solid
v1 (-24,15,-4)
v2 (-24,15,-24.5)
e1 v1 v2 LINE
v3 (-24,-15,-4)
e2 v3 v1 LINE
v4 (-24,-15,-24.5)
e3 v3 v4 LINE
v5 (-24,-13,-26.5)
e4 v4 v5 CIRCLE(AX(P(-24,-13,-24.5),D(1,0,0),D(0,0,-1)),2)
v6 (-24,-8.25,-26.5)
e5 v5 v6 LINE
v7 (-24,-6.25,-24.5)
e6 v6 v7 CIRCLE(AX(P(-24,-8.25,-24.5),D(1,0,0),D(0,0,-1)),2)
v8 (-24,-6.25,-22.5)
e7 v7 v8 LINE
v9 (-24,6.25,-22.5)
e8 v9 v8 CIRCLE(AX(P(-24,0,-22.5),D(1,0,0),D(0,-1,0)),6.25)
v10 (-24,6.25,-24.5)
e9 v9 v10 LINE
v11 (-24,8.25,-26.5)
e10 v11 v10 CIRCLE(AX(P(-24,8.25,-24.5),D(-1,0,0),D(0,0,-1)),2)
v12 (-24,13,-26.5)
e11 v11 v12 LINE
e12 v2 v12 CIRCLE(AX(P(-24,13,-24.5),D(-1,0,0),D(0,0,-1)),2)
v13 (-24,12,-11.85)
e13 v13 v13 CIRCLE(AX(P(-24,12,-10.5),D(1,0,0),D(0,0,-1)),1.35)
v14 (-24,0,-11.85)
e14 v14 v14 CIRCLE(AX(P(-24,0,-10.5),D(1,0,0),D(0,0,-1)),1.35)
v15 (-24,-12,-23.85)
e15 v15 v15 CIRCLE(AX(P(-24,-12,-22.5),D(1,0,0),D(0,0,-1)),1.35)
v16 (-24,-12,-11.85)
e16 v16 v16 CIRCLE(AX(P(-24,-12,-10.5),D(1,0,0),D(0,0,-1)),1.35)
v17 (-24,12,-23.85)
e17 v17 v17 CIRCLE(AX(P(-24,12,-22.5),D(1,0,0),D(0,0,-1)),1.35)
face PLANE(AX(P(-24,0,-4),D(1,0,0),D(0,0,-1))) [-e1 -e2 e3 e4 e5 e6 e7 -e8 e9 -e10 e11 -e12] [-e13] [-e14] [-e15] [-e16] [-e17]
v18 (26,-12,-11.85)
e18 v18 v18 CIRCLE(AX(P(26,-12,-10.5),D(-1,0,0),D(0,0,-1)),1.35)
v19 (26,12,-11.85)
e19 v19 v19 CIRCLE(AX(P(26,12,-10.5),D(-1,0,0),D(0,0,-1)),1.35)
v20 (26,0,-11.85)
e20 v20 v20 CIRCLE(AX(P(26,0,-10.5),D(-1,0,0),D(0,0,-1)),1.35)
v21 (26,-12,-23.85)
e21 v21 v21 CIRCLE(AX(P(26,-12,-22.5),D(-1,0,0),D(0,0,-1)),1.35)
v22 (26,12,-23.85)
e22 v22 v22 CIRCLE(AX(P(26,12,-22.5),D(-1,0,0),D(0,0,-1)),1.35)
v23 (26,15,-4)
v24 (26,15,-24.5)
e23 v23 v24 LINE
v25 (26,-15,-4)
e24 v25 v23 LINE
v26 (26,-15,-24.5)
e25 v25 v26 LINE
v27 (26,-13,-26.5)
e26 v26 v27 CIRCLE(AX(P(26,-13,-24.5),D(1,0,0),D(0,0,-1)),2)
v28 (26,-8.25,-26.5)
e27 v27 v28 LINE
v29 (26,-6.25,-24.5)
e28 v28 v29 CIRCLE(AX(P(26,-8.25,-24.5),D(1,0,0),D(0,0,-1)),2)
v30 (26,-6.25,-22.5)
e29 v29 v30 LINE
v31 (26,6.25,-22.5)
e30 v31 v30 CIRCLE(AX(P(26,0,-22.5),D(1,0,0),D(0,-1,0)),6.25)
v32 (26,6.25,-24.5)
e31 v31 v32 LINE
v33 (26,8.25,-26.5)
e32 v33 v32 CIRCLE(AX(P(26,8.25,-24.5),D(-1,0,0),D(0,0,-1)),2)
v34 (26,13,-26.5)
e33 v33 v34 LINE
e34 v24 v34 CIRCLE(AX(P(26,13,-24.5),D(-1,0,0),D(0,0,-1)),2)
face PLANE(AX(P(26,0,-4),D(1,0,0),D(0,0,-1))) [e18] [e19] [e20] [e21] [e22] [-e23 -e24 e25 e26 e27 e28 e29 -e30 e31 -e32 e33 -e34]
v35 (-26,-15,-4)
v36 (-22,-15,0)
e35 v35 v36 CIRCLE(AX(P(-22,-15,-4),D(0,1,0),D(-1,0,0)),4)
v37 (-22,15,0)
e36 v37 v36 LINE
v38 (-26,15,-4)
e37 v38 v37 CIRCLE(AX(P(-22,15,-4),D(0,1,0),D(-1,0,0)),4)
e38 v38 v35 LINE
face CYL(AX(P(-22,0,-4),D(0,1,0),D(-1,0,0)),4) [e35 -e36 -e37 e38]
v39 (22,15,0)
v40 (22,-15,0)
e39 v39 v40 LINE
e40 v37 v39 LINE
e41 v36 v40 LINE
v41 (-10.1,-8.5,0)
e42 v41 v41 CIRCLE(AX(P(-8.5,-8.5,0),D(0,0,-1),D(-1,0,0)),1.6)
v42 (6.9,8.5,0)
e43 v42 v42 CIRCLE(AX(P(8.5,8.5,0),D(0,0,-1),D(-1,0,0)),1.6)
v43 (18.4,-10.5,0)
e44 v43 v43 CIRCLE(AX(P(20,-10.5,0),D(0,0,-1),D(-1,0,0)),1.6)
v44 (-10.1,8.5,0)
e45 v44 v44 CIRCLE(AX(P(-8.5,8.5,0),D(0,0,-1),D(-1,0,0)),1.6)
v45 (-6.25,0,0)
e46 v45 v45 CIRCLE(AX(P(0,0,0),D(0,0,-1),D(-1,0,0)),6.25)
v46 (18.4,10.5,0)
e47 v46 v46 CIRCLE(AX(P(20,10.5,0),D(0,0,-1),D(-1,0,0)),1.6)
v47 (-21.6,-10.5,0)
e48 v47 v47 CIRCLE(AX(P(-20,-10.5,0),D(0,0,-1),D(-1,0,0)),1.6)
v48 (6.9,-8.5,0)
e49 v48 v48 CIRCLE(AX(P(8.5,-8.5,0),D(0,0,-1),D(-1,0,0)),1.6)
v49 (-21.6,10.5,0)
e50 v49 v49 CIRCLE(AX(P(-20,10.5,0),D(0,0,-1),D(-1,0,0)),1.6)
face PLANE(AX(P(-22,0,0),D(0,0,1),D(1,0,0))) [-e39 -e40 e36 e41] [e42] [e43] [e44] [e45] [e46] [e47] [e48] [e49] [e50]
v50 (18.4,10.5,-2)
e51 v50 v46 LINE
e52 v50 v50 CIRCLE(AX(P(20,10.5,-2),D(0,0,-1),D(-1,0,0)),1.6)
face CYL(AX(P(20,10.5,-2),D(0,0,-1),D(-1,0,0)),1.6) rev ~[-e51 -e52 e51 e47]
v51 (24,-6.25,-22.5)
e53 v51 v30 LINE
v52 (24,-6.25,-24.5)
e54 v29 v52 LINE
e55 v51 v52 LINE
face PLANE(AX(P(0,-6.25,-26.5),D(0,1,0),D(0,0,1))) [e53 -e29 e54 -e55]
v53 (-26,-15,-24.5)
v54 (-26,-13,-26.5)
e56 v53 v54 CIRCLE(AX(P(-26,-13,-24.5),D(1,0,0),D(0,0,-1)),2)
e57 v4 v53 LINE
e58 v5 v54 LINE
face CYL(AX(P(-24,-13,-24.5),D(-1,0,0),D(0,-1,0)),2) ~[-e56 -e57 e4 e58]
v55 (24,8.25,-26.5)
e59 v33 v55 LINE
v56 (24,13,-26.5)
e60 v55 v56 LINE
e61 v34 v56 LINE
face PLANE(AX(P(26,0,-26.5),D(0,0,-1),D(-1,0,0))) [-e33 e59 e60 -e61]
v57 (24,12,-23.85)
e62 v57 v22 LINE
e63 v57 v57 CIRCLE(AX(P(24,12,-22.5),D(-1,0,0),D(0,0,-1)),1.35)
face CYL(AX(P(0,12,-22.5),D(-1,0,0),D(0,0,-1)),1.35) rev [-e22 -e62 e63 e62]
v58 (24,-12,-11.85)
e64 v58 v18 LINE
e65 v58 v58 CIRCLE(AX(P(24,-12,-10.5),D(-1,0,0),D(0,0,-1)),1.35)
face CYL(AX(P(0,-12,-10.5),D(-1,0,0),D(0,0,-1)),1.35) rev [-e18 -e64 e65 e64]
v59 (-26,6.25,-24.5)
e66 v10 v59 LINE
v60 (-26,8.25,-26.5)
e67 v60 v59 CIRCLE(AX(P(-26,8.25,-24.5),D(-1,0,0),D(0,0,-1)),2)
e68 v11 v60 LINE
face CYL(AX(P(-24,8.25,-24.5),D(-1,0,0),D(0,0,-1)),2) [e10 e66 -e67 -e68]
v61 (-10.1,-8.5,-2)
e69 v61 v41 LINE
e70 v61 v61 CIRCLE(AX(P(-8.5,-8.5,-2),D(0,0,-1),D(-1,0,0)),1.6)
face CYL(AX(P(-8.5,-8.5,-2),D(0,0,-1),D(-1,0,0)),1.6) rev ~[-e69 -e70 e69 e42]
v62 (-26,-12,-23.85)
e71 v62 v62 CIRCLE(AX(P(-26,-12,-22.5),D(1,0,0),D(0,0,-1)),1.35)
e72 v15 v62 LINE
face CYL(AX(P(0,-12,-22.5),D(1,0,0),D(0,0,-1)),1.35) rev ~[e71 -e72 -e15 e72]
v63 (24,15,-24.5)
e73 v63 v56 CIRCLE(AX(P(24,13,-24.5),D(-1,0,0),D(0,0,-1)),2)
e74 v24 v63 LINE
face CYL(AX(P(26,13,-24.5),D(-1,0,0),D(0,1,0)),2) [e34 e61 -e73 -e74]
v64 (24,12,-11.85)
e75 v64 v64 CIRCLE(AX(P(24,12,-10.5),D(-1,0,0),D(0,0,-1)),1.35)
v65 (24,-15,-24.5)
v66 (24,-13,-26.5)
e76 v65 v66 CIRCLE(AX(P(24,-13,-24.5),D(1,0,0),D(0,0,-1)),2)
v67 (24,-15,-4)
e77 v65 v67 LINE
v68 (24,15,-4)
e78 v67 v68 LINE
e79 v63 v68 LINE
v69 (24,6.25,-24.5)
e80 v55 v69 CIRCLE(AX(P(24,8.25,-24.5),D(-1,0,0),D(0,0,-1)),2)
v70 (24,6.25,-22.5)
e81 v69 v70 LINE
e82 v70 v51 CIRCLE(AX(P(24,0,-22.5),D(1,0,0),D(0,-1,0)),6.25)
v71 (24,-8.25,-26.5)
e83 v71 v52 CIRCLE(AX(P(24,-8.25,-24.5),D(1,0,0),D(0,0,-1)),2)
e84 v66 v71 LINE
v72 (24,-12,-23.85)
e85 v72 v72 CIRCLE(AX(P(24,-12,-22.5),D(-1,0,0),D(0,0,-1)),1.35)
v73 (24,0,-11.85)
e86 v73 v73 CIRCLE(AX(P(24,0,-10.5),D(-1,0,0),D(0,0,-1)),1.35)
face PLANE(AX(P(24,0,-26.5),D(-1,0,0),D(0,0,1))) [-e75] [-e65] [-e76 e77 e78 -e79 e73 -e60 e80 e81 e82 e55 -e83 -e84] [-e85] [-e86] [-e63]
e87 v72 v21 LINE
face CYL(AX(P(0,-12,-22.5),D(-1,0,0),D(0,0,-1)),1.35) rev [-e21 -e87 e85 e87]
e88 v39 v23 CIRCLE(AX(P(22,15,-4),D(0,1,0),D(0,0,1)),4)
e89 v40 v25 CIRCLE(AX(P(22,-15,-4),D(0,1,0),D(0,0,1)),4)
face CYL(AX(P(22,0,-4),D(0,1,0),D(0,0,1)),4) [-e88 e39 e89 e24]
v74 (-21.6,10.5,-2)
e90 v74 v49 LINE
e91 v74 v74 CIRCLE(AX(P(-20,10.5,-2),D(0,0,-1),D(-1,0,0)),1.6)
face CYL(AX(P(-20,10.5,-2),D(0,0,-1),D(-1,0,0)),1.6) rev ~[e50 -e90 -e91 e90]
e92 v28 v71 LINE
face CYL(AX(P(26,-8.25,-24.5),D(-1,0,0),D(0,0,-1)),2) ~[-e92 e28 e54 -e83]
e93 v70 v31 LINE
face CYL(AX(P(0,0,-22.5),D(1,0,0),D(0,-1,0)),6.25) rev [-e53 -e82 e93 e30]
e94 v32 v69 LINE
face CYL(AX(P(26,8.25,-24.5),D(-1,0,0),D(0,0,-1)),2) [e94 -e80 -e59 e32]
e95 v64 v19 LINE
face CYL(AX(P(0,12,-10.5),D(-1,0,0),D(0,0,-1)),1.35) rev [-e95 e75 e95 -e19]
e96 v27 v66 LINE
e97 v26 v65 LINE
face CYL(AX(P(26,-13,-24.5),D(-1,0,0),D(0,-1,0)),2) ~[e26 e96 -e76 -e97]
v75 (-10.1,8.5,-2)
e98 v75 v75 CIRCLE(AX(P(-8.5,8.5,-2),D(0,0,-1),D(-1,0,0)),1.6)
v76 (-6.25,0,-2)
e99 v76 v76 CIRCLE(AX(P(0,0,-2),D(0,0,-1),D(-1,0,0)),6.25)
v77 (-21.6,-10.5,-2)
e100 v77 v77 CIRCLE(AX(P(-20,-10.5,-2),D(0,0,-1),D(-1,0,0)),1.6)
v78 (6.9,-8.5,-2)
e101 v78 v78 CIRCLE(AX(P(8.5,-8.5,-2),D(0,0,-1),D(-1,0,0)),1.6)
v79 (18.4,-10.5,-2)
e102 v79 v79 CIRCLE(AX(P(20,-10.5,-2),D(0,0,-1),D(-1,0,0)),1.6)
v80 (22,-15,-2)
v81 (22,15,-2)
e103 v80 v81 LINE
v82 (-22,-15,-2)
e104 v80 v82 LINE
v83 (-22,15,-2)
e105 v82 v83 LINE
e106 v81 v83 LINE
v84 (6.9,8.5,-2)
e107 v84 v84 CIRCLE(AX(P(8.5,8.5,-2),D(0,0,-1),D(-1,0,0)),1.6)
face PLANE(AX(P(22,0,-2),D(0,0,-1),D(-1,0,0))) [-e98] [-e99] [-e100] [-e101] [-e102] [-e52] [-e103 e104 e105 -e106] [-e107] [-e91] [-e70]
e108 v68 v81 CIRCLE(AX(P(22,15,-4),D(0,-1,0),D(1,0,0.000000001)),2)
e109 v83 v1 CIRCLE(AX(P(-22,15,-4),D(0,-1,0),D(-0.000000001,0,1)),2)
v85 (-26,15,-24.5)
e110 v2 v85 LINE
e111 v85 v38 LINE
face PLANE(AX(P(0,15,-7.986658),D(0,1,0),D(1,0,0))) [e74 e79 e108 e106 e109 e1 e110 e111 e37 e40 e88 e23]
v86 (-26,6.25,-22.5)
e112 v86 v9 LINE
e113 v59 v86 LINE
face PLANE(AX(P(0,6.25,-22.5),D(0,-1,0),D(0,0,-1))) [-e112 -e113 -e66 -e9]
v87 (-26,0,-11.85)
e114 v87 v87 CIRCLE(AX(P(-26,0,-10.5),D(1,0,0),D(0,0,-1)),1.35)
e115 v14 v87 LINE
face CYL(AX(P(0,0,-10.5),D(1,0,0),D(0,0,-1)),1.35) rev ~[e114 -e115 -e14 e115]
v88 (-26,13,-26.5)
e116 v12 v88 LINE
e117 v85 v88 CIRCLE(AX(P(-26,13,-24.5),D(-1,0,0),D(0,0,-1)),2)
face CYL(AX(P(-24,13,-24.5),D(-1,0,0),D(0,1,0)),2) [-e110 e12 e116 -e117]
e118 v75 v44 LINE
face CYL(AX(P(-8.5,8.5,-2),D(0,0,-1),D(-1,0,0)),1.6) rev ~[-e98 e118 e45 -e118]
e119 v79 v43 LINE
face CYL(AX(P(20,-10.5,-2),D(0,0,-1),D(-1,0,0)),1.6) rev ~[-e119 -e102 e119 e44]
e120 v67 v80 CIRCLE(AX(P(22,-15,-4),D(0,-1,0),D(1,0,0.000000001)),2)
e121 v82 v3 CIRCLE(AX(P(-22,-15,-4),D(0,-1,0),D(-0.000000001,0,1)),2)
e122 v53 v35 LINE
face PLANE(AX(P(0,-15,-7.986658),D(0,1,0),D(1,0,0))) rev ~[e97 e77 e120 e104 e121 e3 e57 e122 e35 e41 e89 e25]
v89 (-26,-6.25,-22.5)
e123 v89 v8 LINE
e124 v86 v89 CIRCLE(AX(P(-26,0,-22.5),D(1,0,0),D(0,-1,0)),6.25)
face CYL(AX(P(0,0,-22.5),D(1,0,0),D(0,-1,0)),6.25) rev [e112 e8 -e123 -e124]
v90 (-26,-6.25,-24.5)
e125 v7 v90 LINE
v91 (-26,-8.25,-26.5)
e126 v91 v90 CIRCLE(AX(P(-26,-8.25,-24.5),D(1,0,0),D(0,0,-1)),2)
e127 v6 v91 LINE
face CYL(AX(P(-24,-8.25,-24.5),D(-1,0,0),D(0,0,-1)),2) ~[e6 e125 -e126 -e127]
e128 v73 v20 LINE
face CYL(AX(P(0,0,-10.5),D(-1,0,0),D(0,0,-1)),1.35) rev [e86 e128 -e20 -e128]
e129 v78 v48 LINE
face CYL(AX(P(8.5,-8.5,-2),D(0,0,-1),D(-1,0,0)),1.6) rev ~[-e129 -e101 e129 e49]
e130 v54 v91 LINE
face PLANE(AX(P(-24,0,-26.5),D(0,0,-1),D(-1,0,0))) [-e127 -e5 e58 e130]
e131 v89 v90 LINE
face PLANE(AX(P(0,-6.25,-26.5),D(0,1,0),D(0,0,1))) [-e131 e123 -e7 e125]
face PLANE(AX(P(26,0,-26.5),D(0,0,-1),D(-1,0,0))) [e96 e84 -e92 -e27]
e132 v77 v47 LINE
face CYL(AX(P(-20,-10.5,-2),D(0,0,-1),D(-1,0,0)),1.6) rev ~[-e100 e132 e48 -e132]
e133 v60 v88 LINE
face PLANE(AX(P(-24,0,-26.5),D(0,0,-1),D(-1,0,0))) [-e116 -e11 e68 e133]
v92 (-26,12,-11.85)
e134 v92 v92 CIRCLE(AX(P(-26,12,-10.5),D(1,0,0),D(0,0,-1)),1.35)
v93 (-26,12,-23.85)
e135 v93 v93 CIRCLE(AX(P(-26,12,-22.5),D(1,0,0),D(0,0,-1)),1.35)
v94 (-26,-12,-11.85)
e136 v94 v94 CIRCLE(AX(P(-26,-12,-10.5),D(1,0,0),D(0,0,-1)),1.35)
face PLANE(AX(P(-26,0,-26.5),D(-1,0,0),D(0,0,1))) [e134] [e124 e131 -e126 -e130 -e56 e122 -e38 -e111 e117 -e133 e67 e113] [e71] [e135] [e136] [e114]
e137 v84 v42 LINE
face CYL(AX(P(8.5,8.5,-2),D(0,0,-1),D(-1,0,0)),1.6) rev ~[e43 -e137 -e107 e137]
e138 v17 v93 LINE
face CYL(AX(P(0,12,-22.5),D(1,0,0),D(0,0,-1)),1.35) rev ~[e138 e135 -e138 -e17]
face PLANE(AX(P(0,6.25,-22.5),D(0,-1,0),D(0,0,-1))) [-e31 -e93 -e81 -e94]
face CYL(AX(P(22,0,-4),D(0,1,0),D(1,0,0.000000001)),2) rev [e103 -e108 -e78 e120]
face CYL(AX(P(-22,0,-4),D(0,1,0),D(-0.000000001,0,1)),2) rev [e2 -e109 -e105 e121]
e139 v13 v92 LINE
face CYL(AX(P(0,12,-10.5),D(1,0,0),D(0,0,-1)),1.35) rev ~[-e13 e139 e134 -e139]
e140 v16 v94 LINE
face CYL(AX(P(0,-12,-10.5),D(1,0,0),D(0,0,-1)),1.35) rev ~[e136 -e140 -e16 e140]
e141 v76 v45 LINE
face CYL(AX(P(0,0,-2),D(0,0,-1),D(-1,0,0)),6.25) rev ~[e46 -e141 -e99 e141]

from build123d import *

# Parameters (mm, degrees)
EXTRUDE_1_DEPTH     = 15
SKETCH_2_R          = 1.6
SKETCH_2_R_2        = 6.25
CUT_EXTRUDE_1_DEPTH = 2
SKETCH_3_R          = 1.35
CUT_EXTRUDE_2_DEPTH = 31.5
FILLET_1_R          = 2


with BuildPart() as part:
    # 草图1 → 凸台-拉伸1 (new, symmetric)
    with BuildSketch(Plane(origin=(0, 0, 0), x_dir=(1, 0, 0), z_dir=(0, 1, 0))):
        with BuildLine():
            Line((0, 0), (22, 0))
            ThreePointArc((22, 0), (24.828427125, 1.171572875), (26, 4))
            Line((26, 4), (26, 26.5))
            Line((26, 26.5), (24, 26.5))
            Line((24, 26.5), (24, 4))
            ThreePointArc((24, 4), (23.414213562, 2.585786438), (22, 2))
            Line((22, 2), (0, 2))
            Line((0, 2), (-22, 2))
            ThreePointArc((-22, 2), (-23.414213562, 2.585786438), (-24, 4))
            Line((-24, 4), (-24, 26.5))
            Line((-24, 26.5), (-26, 26.5))
            Line((-26, 26.5), (-26, 4))
            ThreePointArc((-26, 4), (-24.828427125, 1.171572875), (-22, 0))
            Line((-22, 0), (0, 0))
        make_face()
    extrude(amount=EXTRUDE_1_DEPTH, both=True)

    # 草图2 → 切除-拉伸1 (cut)
    with BuildSketch(Plane(origin=(0, 0, -2), x_dir=(-1, 0, 0), z_dir=(0, 0, -1))):
        with Locations((20, 10.5)):
            Circle(SKETCH_2_R)
        with Locations((8.5, 8.5)):
            Circle(SKETCH_2_R)
        with Locations((-8.5, 8.5)):
            Circle(SKETCH_2_R)
        with Locations((-20, 10.5)):
            Circle(SKETCH_2_R)
        with Locations((-20, -10.5)):
            Circle(SKETCH_2_R)
        with Locations((8.5, -8.5)):
            Circle(SKETCH_2_R)
        with Locations((-8.5, -8.5)):
            Circle(SKETCH_2_R)
        with Locations((20, -10.5)):
            Circle(SKETCH_2_R)
        Circle(SKETCH_2_R_2)
    extrude(amount=-CUT_EXTRUDE_1_DEPTH, mode=Mode.SUBTRACT)

    # 草图3 → 切除-拉伸2 (cut, symmetric)
    with BuildSketch(Plane(origin=(0, 0, 0), x_dir=(0, 0, -1), z_dir=(1, 0, 0))):
        with Locations((10.5, 12)):
            Circle(SKETCH_3_R)
        with Locations((22.5, 12)):
            Circle(SKETCH_3_R)
        with Locations((10.5, 0)):
            Circle(SKETCH_3_R)
        with Locations((22.5, -12)):
            Circle(SKETCH_3_R)
        with Locations((10.5, -12)):
            Circle(SKETCH_3_R)
        with BuildLine():
            Line((22.5, 6.25), (26.5, 6.25))
            Line((26.5, 6.25), (26.5, -6.25))
            Line((26.5, -6.25), (22.5, -6.25))
            ThreePointArc((22.5, -6.25), (16.25, 0), (22.5, 6.25))
        make_face()
    extrude(amount=CUT_EXTRUDE_2_DEPTH, both=True, mode=Mode.SUBTRACT)

    # 圆角1
    fillet_1_edges = [part.edges().sort_by_distance(p)[0] for p in [
        (-25, 6.25, -26.5),
        (25, 6.25, -26.5),
        (-25, -6.25, -26.5),
        (25, -6.25, -26.5),
        (25, -15, -26.5),
        (-25, -15, -26.5),
        (-25, 15, -26.5),
        (25, 15, -26.5),
    ]]
    fillet(fillet_1_edges, radius=FILLET_1_R)


solid = part.part
